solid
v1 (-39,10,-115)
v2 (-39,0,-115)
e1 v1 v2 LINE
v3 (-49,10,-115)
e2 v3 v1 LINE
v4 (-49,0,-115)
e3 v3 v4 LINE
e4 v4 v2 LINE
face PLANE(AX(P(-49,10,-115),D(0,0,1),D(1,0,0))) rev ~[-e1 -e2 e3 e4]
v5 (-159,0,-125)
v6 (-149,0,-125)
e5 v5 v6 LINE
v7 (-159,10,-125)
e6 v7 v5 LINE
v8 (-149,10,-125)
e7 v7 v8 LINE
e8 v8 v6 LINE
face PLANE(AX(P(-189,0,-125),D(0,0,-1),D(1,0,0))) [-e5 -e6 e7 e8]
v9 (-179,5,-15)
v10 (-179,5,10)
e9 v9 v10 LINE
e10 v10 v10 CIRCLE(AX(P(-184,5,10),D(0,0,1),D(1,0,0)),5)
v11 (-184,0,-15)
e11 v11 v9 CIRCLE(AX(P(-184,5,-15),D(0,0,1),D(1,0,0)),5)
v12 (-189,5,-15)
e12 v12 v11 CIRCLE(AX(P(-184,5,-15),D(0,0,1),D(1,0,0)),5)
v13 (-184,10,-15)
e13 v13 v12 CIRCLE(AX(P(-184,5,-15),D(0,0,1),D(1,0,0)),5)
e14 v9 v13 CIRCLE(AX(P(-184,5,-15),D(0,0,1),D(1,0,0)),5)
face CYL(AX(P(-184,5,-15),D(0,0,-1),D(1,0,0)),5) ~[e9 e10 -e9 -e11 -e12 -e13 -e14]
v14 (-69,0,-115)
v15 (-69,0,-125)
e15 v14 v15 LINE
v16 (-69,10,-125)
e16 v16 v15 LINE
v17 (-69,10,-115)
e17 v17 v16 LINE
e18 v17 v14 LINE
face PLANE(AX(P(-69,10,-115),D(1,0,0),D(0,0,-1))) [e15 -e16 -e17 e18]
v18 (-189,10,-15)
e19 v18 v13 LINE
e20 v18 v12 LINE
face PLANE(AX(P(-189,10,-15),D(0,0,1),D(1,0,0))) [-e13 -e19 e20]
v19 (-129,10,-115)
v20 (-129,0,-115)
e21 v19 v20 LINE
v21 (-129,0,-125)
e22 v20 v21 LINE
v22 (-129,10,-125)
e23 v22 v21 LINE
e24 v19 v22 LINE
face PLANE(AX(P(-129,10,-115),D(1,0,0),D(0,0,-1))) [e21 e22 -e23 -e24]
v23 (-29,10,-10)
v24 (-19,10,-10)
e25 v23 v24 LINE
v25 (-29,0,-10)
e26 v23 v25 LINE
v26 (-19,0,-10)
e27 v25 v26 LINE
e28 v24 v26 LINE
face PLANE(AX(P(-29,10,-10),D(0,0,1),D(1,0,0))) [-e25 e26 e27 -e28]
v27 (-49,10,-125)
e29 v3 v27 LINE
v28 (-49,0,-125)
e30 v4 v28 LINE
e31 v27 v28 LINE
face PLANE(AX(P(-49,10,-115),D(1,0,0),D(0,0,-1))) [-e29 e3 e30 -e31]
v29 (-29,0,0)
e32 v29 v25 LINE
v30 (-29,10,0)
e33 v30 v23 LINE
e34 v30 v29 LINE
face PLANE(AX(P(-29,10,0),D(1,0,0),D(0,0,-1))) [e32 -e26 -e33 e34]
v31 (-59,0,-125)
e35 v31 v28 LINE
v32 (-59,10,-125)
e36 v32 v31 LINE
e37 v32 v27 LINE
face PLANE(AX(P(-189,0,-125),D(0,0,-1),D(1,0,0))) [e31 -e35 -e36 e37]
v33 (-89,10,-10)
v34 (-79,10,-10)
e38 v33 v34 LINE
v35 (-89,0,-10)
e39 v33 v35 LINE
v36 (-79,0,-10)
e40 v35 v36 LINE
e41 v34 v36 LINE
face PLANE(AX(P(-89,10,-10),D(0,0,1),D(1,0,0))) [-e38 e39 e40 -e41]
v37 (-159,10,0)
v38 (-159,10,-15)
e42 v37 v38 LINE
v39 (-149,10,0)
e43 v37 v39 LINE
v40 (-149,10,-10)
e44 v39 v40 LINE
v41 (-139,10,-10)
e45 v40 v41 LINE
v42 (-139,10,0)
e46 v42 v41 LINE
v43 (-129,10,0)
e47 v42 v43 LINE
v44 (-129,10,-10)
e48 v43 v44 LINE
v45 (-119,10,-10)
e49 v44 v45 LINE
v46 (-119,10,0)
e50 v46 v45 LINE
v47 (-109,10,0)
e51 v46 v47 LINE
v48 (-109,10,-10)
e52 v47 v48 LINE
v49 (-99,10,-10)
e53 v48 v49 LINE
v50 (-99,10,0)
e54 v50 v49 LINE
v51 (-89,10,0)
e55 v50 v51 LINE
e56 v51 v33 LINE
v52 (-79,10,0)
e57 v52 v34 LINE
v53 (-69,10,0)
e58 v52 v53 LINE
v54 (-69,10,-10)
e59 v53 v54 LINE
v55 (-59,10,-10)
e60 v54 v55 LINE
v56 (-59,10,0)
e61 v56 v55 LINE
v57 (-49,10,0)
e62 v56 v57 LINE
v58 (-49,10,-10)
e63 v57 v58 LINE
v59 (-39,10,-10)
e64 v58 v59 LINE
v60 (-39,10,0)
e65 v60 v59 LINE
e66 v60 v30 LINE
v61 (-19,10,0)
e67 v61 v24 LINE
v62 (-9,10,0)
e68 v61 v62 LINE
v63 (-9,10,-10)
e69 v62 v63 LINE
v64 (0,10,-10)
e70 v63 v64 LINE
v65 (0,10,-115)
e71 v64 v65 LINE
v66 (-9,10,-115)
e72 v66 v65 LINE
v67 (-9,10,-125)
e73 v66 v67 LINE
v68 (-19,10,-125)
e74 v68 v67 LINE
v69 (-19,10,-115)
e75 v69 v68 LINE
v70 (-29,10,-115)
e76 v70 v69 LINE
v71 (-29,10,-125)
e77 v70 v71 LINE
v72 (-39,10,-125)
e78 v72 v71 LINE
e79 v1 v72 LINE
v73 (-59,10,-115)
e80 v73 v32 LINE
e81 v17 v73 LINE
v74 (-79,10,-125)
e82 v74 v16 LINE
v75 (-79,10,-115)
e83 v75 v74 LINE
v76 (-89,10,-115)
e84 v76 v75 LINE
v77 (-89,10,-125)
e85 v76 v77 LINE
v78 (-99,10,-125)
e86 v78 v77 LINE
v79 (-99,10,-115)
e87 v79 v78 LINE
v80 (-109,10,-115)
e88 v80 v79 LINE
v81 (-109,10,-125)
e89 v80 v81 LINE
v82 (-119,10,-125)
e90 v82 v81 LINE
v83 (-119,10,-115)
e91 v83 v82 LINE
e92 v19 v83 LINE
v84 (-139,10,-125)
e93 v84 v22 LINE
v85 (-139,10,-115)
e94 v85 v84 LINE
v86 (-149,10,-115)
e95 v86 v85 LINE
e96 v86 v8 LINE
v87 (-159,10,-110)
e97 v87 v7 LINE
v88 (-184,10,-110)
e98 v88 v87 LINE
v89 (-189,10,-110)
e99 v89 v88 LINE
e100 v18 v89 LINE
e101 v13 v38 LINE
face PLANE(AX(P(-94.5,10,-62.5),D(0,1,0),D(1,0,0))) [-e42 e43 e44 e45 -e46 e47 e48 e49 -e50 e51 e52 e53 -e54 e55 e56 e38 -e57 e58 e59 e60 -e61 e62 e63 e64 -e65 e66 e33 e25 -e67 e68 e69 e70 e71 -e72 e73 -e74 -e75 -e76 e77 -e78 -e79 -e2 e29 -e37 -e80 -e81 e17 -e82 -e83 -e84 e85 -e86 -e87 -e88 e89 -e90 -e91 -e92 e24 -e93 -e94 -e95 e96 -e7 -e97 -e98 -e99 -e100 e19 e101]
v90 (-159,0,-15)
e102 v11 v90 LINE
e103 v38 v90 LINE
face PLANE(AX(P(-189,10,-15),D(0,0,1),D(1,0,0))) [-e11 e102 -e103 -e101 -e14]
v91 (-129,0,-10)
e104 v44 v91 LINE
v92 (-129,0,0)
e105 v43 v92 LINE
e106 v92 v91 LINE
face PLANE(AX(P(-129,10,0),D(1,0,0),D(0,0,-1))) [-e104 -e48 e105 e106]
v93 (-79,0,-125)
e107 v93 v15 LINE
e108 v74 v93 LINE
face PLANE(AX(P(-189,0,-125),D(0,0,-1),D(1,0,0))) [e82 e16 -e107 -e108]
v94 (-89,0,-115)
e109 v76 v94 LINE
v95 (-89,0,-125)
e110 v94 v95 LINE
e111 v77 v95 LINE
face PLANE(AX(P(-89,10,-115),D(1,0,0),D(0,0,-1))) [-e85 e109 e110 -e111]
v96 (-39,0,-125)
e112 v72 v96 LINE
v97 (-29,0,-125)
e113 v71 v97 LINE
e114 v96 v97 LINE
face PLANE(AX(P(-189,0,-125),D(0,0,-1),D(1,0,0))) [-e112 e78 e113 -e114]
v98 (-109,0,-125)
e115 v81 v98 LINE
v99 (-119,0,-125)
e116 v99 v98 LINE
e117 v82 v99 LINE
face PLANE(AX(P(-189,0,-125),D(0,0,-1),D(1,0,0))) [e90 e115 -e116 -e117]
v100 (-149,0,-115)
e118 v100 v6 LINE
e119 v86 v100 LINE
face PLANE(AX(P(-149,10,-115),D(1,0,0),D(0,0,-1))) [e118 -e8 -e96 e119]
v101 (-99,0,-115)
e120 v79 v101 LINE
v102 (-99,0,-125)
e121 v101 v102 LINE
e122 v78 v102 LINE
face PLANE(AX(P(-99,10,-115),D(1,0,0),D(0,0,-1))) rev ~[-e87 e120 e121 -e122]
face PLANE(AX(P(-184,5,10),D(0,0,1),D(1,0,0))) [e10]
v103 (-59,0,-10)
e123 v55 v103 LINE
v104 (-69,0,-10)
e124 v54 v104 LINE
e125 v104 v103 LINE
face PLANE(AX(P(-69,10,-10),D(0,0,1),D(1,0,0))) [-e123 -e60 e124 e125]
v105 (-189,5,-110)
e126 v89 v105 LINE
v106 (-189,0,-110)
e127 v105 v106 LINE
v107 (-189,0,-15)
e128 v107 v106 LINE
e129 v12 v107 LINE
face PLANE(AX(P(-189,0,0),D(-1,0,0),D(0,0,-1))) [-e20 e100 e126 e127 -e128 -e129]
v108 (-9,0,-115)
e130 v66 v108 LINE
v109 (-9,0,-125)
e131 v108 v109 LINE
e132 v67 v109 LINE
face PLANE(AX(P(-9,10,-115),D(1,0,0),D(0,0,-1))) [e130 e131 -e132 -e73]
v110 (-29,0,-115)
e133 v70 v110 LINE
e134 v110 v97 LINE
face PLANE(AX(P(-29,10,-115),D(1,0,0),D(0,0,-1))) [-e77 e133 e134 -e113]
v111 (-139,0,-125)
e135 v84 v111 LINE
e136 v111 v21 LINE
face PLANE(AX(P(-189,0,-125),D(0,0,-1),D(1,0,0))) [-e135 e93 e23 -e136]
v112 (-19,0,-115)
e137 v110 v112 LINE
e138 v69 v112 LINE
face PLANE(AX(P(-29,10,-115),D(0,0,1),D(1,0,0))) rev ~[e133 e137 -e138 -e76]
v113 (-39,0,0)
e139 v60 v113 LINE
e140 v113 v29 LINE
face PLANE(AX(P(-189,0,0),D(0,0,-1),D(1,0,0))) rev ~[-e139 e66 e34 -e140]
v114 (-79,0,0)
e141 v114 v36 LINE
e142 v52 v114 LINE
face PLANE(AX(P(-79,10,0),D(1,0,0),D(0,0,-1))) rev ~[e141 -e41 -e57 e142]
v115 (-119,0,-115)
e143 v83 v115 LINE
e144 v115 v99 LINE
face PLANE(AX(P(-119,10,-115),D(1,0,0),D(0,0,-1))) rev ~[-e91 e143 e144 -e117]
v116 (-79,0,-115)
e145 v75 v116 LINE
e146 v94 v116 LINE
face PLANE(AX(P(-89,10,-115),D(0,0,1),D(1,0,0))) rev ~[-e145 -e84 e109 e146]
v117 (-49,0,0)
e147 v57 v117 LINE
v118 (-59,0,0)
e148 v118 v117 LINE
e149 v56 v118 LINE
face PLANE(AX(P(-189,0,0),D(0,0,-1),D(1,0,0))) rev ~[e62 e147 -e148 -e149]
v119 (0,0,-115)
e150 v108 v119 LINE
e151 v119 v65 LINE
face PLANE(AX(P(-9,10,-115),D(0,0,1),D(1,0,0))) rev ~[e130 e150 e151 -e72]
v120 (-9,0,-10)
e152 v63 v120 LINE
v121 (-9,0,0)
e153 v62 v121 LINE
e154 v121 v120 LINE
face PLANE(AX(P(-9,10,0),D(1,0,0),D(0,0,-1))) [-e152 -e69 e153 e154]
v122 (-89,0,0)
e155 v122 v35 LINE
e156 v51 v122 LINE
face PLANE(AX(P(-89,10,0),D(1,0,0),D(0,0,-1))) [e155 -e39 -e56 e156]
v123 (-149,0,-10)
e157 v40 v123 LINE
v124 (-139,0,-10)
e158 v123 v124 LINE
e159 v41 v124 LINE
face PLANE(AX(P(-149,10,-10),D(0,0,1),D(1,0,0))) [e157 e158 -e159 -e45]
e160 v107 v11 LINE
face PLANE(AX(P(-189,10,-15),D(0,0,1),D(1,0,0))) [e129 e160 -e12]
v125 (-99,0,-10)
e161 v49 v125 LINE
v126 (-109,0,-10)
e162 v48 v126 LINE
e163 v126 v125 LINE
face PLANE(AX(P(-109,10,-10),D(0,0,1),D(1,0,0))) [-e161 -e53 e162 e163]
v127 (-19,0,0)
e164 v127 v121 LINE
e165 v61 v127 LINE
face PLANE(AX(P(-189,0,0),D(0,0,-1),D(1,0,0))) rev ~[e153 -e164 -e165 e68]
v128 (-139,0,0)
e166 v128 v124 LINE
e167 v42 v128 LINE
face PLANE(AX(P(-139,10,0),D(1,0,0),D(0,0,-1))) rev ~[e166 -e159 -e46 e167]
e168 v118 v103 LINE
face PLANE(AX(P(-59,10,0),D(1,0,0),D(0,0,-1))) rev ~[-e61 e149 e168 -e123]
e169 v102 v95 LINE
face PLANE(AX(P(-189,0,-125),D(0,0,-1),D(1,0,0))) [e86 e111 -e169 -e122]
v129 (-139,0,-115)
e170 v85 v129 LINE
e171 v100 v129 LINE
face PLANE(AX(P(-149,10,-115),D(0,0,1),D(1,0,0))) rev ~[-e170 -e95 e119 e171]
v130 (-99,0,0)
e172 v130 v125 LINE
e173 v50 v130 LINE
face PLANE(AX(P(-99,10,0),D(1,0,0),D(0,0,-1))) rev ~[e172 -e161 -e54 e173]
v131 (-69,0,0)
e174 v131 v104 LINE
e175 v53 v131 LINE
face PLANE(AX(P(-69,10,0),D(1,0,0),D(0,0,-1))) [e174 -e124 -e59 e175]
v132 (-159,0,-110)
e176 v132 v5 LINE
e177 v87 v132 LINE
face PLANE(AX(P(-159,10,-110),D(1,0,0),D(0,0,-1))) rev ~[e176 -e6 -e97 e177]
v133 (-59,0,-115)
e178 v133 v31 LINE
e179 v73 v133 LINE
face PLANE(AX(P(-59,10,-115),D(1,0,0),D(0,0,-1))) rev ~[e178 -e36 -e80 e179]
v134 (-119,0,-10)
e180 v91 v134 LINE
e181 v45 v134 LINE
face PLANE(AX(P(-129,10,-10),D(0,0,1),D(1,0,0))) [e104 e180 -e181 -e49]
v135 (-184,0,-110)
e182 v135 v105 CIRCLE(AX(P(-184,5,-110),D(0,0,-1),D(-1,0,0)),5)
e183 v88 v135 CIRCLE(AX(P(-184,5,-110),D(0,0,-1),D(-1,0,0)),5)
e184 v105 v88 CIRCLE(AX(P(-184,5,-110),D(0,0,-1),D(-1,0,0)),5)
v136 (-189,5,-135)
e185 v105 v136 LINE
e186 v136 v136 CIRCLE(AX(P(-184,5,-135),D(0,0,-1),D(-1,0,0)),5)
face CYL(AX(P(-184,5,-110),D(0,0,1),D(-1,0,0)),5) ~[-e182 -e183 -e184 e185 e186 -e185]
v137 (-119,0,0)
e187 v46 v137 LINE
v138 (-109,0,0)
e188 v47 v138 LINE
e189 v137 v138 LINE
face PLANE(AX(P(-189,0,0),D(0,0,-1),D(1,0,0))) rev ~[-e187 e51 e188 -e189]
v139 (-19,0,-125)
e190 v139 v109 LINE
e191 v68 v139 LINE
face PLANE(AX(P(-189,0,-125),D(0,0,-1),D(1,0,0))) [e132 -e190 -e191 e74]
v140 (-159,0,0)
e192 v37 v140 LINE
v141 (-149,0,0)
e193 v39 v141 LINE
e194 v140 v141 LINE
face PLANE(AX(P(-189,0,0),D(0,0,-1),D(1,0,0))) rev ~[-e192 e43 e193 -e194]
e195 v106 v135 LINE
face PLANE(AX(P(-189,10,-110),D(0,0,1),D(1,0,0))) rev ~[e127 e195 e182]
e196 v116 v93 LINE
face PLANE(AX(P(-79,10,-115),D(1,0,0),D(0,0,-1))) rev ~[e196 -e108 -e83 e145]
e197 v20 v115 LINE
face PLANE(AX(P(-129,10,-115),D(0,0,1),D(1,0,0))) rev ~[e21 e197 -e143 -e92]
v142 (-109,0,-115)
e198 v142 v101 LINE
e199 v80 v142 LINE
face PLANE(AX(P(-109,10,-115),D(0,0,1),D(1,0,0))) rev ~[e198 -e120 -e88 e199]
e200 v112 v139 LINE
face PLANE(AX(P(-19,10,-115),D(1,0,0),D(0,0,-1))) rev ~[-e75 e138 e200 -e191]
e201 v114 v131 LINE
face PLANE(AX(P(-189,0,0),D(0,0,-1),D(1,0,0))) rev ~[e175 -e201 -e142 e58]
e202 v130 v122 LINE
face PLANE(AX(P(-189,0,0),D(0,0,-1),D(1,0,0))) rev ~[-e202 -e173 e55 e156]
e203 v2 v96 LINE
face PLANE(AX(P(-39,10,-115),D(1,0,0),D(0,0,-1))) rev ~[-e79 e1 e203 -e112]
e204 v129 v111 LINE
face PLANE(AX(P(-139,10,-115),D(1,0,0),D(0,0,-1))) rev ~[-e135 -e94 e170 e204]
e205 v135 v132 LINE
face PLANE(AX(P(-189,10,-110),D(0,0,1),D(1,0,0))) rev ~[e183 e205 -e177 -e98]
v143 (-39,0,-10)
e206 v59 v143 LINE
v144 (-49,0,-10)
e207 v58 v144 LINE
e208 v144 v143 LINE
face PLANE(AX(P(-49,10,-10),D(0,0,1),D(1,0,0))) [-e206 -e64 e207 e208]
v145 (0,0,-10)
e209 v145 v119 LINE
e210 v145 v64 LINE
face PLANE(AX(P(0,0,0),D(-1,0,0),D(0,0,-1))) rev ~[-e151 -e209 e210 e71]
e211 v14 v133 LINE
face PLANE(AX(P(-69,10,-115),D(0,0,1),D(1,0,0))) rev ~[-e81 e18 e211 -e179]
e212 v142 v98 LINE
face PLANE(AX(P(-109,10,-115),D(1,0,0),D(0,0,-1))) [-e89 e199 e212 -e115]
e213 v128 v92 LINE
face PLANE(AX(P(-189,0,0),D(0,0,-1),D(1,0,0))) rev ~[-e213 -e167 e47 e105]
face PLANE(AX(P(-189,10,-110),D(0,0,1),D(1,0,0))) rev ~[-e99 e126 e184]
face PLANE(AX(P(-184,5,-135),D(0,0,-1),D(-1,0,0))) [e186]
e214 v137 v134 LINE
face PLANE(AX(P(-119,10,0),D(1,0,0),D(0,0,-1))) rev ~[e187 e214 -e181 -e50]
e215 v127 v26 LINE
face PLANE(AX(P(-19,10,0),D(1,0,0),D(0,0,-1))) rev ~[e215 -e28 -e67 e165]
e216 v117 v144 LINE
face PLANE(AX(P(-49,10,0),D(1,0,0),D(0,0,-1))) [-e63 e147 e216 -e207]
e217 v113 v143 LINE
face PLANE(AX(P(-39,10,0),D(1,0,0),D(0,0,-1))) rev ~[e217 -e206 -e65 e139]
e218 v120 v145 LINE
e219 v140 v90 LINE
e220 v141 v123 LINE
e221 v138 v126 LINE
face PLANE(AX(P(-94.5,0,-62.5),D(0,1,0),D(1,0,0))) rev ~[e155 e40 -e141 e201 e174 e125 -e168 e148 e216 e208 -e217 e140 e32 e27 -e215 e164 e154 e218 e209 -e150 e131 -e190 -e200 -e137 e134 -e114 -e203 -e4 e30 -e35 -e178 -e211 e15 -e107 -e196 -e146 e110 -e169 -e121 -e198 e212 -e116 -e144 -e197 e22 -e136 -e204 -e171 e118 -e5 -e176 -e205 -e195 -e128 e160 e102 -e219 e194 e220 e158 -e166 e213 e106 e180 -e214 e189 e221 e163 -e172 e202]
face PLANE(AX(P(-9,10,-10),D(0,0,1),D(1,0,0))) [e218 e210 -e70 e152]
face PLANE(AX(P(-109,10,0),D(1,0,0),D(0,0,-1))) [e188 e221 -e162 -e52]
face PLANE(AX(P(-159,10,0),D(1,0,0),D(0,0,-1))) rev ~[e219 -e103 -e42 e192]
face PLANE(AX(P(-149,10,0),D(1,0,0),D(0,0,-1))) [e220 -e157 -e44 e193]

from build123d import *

# Parameters (mm, degrees)
ESQUISSE1_W                = 189
ESQUISSE1_H                = 125
BOSS_EXTRU_1_DEPTH         = 10
ESQUISSE2_W                = 30
ESQUISSE2_H                = 15
ENL_V_MAT_EXTRU_1_DEPTH    = 10
ESQUISSE3_W                = 10
ESQUISSE3_H                = 10
ENL_V_MAT_EXTRU_2_DEPTH    = 10
R_P_TITION_LIN_AIRE1_COUNT = 8
R_P_TITION_LIN_AIRE1_PITCH = 20
ESQUISSE4_R                = 5
BOSS_EXTRU_2_DEPTH         = 25
ESQUISSE5_R                = 5
BOSS_EXTRU_4_DEPTH         = 25


with BuildPart() as part:
    # Esquisse1 → Boss.-Extru.1 (new body)
    with BuildSketch(Plane(origin=(0, 0, 0), x_dir=(1, 0, 0), z_dir=(0, 1, 0))):
        with Locations((-94.5, 62.5)):
            Rectangle(ESQUISSE1_W, ESQUISSE1_H)
    extrude(amount=BOSS_EXTRU_1_DEPTH)

    # Esquisse2 → Enlèv. mat.-Extru.1 (cut)
    with BuildSketch(Plane(origin=(0, 10, 0), x_dir=(1, 0, 0), z_dir=(0, 1, 0))):
        with Locations((-174, 117.5)):
            Rectangle(ESQUISSE2_W, ESQUISSE2_H)
        with Locations((-174, 7.5)):
            Rectangle(ESQUISSE2_W, ESQUISSE2_H)
    extrude(amount=-ENL_V_MAT_EXTRU_1_DEPTH, mode=Mode.SUBTRACT)

    # Esquisse3 → Enlèv. mat.-Extru.2 (cut)
    with BuildSketch(Plane(origin=(0, 10, 0), x_dir=(1, 0, 0), z_dir=(0, 1, 0))):
        with Locations((-144, 120)):
            Rectangle(ESQUISSE3_W, ESQUISSE3_H)
        with Locations((-144, 5)):
            Rectangle(ESQUISSE3_W, ESQUISSE3_H)
    enl_v_mat_extru_2 = extrude(amount=-ENL_V_MAT_EXTRU_2_DEPTH, mode=Mode.SUBTRACT)

    # Répétition linéaire1: Enlèv. mat.-Extru.2 ×8
    with Locations(*[(i * R_P_TITION_LIN_AIRE1_PITCH, 0, 0) for i in range(1, R_P_TITION_LIN_AIRE1_COUNT)]):
        add(enl_v_mat_extru_2, mode=Mode.SUBTRACT)

    # Esquisse4 → Boss.-Extru.2 (add)
    with BuildSketch(Plane.XY.offset(-15)):
        with Locations((-184, 5)):
            Circle(ESQUISSE4_R)
    extrude(amount=BOSS_EXTRU_2_DEPTH)

    # Esquisse5 → Boss.-Extru.4 (add)
    with BuildSketch(Plane(origin=(0, 0, -110), x_dir=(-1, 0, 0), z_dir=(0, 0, -1))):
        with Locations((184, 5)):
            Circle(ESQUISSE5_R)
    extrude(amount=BOSS_EXTRU_4_DEPTH)


solid = part.part
